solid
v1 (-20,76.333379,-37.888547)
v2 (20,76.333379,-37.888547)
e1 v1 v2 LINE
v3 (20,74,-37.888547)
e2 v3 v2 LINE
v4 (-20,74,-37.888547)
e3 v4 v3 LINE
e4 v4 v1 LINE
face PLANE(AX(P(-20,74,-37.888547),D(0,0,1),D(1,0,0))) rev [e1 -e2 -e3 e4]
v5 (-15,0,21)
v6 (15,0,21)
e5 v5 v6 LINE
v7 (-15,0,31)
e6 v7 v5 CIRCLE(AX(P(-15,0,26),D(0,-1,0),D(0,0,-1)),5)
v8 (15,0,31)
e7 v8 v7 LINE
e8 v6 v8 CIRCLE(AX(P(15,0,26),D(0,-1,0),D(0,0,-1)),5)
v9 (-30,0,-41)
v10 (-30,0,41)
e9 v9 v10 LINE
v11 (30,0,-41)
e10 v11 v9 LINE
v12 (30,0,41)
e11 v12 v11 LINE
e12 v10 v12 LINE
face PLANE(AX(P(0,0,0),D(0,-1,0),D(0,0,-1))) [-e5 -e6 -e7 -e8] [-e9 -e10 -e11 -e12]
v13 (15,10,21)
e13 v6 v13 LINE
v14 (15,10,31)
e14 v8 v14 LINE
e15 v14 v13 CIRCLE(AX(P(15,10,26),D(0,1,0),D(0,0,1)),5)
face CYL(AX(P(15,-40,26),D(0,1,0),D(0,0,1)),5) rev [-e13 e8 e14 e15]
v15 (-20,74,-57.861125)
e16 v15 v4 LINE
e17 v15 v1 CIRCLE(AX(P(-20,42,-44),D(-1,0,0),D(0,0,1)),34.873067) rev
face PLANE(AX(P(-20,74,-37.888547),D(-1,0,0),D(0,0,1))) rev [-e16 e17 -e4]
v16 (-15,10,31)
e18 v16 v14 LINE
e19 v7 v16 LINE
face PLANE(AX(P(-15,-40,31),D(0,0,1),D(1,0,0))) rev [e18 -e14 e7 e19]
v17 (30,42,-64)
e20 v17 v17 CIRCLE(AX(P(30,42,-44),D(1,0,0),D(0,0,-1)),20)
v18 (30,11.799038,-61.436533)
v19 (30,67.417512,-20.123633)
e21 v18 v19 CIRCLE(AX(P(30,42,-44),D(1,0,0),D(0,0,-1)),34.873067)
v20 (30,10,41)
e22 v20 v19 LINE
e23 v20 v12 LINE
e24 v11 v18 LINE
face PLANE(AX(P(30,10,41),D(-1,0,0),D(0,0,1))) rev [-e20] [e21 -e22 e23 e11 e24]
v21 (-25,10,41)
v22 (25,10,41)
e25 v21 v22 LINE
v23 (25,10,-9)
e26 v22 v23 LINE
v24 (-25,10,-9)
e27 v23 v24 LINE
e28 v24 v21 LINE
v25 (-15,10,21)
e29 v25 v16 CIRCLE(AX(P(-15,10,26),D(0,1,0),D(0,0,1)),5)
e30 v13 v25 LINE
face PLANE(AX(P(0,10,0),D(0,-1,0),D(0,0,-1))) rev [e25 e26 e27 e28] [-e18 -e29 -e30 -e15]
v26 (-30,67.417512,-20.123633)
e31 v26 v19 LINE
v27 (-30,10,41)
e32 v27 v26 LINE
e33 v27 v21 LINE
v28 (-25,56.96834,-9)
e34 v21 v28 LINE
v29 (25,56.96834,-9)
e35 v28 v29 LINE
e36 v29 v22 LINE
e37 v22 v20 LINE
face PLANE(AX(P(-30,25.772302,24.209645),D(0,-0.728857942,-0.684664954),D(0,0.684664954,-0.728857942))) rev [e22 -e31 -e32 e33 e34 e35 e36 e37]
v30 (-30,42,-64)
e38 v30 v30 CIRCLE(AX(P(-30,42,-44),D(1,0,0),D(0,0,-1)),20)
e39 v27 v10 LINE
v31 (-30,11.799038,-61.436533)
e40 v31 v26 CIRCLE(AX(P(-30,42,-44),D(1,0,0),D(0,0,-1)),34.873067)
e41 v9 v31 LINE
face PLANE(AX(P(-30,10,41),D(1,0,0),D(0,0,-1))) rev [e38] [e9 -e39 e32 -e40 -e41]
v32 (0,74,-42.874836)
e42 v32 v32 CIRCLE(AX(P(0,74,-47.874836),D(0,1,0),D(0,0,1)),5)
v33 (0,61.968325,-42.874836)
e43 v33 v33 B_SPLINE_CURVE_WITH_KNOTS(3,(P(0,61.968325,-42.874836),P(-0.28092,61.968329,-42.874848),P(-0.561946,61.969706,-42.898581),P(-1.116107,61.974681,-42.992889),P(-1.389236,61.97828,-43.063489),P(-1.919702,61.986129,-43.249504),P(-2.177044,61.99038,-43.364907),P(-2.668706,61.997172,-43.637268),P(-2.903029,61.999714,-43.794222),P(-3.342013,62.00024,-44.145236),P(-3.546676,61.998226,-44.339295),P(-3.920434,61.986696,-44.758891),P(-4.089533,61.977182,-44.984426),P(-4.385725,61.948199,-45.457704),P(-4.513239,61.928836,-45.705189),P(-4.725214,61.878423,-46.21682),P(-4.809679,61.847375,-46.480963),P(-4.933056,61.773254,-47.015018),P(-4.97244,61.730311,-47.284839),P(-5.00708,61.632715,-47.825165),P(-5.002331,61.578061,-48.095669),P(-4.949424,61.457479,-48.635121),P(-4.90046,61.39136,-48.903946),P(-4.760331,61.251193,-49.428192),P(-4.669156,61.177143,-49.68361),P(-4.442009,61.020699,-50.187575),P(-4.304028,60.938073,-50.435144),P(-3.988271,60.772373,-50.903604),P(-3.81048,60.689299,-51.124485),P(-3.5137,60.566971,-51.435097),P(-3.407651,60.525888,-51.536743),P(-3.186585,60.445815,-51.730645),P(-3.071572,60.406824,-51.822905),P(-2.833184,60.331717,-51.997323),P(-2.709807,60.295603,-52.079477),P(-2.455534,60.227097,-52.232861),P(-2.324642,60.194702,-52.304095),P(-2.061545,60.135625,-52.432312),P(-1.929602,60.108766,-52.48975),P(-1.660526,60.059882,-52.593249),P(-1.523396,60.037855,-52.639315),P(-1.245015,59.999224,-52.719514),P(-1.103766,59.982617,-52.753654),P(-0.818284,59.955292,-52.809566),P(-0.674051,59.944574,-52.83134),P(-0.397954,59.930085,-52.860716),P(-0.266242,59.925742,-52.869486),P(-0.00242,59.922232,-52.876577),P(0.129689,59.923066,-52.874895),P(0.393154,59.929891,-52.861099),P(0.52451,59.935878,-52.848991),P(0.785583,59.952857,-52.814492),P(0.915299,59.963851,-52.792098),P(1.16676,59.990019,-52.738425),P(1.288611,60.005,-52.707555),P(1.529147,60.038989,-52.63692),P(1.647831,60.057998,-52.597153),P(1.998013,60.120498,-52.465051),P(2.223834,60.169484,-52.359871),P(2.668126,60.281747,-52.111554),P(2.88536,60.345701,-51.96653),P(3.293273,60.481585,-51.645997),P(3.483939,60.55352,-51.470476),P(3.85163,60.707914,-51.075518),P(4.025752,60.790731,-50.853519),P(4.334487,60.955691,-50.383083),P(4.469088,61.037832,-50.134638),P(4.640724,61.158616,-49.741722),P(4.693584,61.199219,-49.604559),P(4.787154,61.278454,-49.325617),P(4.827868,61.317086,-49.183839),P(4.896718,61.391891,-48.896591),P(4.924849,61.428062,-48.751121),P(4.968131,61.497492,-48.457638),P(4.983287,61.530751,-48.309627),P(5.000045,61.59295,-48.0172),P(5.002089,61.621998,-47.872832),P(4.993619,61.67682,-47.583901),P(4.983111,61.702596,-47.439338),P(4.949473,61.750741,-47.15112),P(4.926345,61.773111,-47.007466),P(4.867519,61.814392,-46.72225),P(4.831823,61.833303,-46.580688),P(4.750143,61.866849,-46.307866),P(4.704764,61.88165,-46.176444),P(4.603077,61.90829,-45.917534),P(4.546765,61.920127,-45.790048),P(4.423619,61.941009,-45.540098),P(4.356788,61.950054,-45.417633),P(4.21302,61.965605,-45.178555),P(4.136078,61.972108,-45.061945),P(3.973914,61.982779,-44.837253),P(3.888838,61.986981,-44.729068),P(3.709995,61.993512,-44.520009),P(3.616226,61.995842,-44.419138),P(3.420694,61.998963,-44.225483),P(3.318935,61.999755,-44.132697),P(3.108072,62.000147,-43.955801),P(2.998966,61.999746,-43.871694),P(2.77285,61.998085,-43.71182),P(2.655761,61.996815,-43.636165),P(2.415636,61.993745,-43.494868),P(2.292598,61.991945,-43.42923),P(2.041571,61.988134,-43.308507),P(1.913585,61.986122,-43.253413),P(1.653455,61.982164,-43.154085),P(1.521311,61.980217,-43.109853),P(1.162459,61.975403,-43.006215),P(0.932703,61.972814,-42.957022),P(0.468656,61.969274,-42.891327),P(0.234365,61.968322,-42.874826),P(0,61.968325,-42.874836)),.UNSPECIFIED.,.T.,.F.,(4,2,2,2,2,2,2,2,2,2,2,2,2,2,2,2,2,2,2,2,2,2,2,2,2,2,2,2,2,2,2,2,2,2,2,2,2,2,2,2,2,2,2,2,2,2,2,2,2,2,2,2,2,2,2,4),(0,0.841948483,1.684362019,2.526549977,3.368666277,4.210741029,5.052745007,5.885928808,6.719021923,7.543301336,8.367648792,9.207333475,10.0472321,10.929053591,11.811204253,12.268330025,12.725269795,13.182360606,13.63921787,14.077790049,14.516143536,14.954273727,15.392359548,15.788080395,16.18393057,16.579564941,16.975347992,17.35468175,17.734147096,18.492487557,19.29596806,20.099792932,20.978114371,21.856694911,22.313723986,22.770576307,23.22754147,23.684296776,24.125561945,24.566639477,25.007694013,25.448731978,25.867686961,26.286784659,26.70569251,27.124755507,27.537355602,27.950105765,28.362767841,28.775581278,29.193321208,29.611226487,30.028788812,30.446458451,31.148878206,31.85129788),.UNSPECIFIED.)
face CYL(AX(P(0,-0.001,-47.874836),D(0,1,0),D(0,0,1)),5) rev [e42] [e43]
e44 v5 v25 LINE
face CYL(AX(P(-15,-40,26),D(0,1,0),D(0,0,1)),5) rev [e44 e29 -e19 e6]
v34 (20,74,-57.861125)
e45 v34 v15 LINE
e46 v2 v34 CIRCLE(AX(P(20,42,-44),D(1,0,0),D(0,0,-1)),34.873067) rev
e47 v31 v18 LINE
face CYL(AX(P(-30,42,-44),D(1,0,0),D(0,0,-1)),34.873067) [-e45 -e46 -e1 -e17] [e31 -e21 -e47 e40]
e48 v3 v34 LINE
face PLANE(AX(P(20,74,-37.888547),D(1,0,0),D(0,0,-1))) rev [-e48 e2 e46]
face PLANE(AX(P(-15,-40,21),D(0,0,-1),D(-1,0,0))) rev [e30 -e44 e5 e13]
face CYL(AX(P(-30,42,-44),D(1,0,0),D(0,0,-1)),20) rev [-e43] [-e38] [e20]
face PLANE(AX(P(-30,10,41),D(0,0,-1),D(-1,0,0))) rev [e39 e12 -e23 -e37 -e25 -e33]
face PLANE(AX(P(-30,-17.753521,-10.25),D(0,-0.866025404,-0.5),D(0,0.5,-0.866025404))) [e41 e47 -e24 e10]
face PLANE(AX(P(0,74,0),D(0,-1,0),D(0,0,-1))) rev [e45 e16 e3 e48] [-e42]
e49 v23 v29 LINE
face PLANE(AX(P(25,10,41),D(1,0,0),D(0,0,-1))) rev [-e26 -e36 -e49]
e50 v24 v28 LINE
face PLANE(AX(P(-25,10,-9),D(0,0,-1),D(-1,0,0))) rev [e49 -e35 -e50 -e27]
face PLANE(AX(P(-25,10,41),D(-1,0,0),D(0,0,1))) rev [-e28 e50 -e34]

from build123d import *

# Parameters (mm, degrees)
SKETCH2_W               = 60
SKETCH2_H               = 82
BOSS_EXTRUDE2_DEPTH     = 10
SKETCH4_R               = 20
BOSS_EXTRUDE3_DEPTH     = 60
SKETCH8_W               = 50
SKETCH8_H               = 50
CUT_EXTRUDE1_DEPTH      = 50
CUT_EXTRUDE2_DEPTH      = 50
SKETCH14_W              = 40
SKETCH14_H              = 23.219607056
CUT_EXTRUDE3_DEPTH      = 3
CUT_EXTRUDE4_REACH      = 114.236
CUT_EXTRUDE4_END_RADIUS = 20
SKETCH15_R              = 5


with BuildPart() as part:
    # Sketch2 → Boss-Extrude2 (new body)
    with BuildSketch(Plane(origin=(0, 0, 0), x_dir=(1, 0, 0), z_dir=(0, 1, 0))):
        Rectangle(SKETCH2_W, SKETCH2_H)
    extrude(amount=BOSS_EXTRUDE2_DEPTH)

    # Sketch4 → Boss-Extrude3 (add, through all)
    with BuildSketch(Plane(origin=(30, 0, 0), x_dir=(0, 0, -1), z_dir=(1, 0, 0))):
        with BuildLine():
            Line((41, 10), (-41, 10))
            Line((-41, 10), (20.123633203, 67.417511832))
            ThreePointArc((20.123633203, 67.417511832), (71.995026669, 62.794453129), (61.436533479, 11.799038106))
            Line((61.436533479, 11.799038106), (41, 0))
            Line((41, 0), (41, 10))
        make_face()
        with Locations((44, 42)):
            Circle(SKETCH4_R, mode=Mode.SUBTRACT)
    extrude(amount=-BOSS_EXTRUDE3_DEPTH)

    # Sketch8 → Cut-Extrude1 (cut)
    with BuildSketch(Plane(origin=(0, 60, 0), x_dir=(1, 0, 0), z_dir=(0, 1, 0))):
        with Locations((0, -16)):
            Rectangle(SKETCH8_W, SKETCH8_H)
    extrude(amount=-CUT_EXTRUDE1_DEPTH, mode=Mode.SUBTRACT)

    # Sketch9 → Cut-Extrude2 (cut)
    with BuildSketch(Plane(origin=(0, 10, 0), x_dir=(1, 0, 0), z_dir=(0, 1, 0))):
        with BuildLine():
            Line((-15, -21), (15, -21))
            ThreePointArc((15, -21), (20, -26), (15, -31))
            Line((15, -31), (-15, -31))
            ThreePointArc((-15, -31), (-20, -26), (-15, -21))
        make_face()
    extrude(amount=-CUT_EXTRUDE2_DEPTH, mode=Mode.SUBTRACT)

    # Sketch14 → Cut-Extrude3 (cut)
    with BuildSketch(Plane(origin=(0, 77, 0), x_dir=(1, 0, 0), z_dir=(0, 1, 0))):
        with Locations((0, 49.498350081)):
            Rectangle(SKETCH14_W, SKETCH14_H)
    extrude(amount=-CUT_EXTRUDE3_DEPTH, mode=Mode.SUBTRACT)

    # Cut-Extrude4: up to this cylinder (the profile starts outside it)
    cut_extrude4_end = Plane(origin=(0, 42, -44), z_dir=(1, 0, 0)) * Cylinder(CUT_EXTRUDE4_END_RADIUS, 269.472, mode=Mode.PRIVATE)
    # Sketch15 → Cut-Extrude4 (cut, up to the surface)
    with BuildSketch(Plane(origin=(0, 74, 0), x_dir=(1, 0, 0), z_dir=(0, 1, 0)), mode=Mode.PRIVATE) as cut_extrude4_sk1:
        with Locations(Location((0, 47.874836009, 0), (0, 0, 270))):
            Circle(SKETCH15_R)
    cut_extrude4_tool1 = extrude(cut_extrude4_sk1.sketch, amount=-CUT_EXTRUDE4_REACH, mode=Mode.PRIVATE) - cut_extrude4_end
    add(cut_extrude4_tool1.solids().sort_by_distance((0, 74, -47.874836))[0], mode=Mode.SUBTRACT)


solid = part.part
